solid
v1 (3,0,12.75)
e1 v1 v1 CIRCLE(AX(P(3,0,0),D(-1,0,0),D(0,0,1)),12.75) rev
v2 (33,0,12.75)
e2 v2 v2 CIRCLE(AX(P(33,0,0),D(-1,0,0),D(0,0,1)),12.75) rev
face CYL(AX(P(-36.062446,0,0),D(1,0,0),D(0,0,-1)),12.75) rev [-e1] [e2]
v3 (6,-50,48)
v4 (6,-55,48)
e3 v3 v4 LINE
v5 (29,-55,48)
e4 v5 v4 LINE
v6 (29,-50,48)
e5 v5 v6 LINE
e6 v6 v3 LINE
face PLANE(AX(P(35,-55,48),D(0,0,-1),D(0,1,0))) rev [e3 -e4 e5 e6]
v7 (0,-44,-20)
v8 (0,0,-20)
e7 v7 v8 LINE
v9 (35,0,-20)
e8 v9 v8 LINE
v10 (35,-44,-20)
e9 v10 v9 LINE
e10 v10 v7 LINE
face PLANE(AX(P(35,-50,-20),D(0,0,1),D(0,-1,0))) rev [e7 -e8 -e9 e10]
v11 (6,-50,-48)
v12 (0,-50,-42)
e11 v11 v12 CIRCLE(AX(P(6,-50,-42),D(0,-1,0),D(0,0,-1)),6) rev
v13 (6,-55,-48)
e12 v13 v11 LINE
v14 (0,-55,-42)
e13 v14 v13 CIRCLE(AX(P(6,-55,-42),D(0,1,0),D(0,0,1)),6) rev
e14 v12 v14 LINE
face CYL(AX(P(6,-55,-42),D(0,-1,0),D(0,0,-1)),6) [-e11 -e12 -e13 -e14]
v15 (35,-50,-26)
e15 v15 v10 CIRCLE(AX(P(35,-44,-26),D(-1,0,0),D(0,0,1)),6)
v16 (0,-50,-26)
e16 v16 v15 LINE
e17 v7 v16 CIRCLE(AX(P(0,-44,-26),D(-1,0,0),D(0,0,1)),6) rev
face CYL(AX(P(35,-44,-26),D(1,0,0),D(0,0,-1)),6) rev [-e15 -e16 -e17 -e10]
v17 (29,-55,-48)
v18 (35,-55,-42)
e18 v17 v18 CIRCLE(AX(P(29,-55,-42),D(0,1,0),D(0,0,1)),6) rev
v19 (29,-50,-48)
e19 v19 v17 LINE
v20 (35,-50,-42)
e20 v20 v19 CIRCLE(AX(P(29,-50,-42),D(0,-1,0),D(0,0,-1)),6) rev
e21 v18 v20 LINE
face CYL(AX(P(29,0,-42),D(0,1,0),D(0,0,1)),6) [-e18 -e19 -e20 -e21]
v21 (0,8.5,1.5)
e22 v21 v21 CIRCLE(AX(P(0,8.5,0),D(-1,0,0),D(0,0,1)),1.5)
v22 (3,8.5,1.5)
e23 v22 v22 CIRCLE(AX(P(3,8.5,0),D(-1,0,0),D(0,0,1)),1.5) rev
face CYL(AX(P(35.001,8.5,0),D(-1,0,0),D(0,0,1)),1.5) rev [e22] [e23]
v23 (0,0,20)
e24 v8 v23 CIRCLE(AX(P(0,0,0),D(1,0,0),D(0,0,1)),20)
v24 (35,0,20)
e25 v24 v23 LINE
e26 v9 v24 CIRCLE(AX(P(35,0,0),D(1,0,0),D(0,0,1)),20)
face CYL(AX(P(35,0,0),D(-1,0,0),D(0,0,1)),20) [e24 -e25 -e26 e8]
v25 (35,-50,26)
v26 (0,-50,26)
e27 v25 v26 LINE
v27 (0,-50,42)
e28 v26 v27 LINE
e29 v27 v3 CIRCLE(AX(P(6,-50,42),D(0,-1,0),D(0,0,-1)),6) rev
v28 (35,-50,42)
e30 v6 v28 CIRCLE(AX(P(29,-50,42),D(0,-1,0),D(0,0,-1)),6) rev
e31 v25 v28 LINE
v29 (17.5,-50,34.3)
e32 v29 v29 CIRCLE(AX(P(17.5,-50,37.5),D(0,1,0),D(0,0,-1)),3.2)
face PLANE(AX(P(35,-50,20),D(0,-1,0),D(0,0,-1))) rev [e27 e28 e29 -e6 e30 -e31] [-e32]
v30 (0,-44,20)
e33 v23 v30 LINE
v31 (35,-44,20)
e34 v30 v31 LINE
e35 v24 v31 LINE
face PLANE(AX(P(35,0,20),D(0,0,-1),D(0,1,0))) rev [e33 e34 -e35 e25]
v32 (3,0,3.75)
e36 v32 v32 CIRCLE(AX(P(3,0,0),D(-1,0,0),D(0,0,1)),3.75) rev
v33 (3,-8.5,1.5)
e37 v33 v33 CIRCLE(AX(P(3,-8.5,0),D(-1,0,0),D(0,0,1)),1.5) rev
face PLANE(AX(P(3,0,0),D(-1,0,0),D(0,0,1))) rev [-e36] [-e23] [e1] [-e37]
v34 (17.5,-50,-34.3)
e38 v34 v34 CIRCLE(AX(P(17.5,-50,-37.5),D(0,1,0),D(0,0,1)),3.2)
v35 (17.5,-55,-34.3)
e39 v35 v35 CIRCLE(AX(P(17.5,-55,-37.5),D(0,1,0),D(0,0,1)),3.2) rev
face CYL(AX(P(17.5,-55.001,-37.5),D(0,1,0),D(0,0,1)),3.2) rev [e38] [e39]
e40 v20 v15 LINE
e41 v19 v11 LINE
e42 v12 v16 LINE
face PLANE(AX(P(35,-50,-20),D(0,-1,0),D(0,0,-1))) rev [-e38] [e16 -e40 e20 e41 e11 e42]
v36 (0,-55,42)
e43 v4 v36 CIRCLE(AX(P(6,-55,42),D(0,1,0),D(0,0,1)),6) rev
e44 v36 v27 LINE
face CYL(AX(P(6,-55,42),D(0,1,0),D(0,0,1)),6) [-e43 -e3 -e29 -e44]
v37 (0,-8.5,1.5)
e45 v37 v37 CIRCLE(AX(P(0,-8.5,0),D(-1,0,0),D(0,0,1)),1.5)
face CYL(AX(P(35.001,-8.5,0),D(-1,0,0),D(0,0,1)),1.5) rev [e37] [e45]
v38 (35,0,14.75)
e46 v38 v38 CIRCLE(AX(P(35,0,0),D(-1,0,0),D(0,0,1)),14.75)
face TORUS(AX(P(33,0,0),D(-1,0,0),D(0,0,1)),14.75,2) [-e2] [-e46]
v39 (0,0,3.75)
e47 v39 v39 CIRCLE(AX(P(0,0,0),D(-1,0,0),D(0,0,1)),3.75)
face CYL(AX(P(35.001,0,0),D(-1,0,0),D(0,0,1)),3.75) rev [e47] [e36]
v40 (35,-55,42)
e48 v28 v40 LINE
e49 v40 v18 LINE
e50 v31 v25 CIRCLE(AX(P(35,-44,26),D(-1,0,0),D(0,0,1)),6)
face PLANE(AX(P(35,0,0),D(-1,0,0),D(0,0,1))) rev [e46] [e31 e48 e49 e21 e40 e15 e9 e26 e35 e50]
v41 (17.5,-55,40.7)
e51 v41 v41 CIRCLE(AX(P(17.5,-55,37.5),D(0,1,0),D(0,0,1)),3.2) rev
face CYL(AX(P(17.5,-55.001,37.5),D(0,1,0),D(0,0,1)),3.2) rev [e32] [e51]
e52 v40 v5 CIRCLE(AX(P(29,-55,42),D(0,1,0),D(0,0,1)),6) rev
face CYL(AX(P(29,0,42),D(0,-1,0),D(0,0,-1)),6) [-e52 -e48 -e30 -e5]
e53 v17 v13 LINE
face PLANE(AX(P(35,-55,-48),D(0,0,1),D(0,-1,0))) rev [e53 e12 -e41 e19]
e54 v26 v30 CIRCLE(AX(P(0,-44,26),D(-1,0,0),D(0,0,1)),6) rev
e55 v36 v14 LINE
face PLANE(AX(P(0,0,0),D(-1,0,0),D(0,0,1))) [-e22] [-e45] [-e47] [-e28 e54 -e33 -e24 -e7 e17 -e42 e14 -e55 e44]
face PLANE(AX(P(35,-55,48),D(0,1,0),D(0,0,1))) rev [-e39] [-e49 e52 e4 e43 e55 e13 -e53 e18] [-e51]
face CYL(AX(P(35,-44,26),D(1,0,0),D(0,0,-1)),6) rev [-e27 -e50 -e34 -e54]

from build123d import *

# Parameters (mm, degrees)
BOSS_EXTRUDE1_DEPTH = 35
SKETCH2_R           = 12.75
CUT_EXTRUDE1_DEPTH  = 32
CUT_EXTRUDE2_REACH  = 37
SKETCH3_R           = 1.5
SKETCH3_R_2         = 3.75
CUT_EXTRUDE3_REACH  = 7
SKETCH4_R           = 3.2
FILLET1_R           = 2
FILLET3_R           = 6
FILLET4_R           = 6


with BuildPart() as part:
    # Sketch1 → Boss-Extrude1 (new body)
    with BuildSketch(Plane(origin=(0, 0, 0), x_dir=(0, 0, -1), z_dir=(1, 0, 0))):
        with BuildLine():
            Line((-48, -55), (-48, -50))
            Line((-48, -50), (-20, -50))
            Line((-20, -50), (-20, 0))
            ThreePointArc((-20, 0), (0, 20), (20, 0))
            Line((20, 0), (20, -50))
            Line((20, -50), (48, -50))
            Line((48, -50), (48, -55))
            Line((48, -55), (-48, -55))
        make_face()
    extrude(amount=BOSS_EXTRUDE1_DEPTH)

    # Sketch2 → Cut-Extrude1 (cut)
    with BuildSketch(Plane(origin=(35, 0, 0), x_dir=(0, 0, -1), z_dir=(1, 0, 0))):
        Circle(SKETCH2_R)
    extrude(amount=-CUT_EXTRUDE1_DEPTH, mode=Mode.SUBTRACT)

    # Sketch3 → Cut-Extrude2 (cut, up to next)
    with BuildSketch(Plane.ZY, mode=Mode.PRIVATE) as cut_extrude2_sk1:
        with Locations((0, 8.5)):
            Circle(SKETCH3_R)
    cut_extrude2_tool1 = extrude(cut_extrude2_sk1.sketch, amount=-CUT_EXTRUDE2_REACH, mode=Mode.PRIVATE) & part.part
    add(cut_extrude2_tool1.solids().sort_by_distance((0, 8.5, 0))[0], mode=Mode.SUBTRACT)
    # Sketch3 → Cut-Extrude2 (cut, up to next)
    with BuildSketch(Plane.ZY, mode=Mode.PRIVATE) as cut_extrude2_sk2:
        with Locations((0, -8.5)):
            Circle(SKETCH3_R)
    cut_extrude2_tool2 = extrude(cut_extrude2_sk2.sketch, amount=-CUT_EXTRUDE2_REACH, mode=Mode.PRIVATE) & part.part
    add(cut_extrude2_tool2.solids().sort_by_distance((0, -8.5, 0))[0], mode=Mode.SUBTRACT)
    # Sketch3 → Cut-Extrude2 (cut, up to next)
    with BuildSketch(Plane.ZY, mode=Mode.PRIVATE) as cut_extrude2_sk3:
        Circle(SKETCH3_R_2)
    cut_extrude2_tool3 = extrude(cut_extrude2_sk3.sketch, amount=-CUT_EXTRUDE2_REACH, mode=Mode.PRIVATE) & part.part
    add(cut_extrude2_tool3.solids().sort_by_distance((0, 0, 0))[0], mode=Mode.SUBTRACT)

    # Sketch4 → Cut-Extrude3 (cut, up to next)
    with BuildSketch(Plane(origin=(0, -50, 0), x_dir=(1, 0, 0), z_dir=(0, 1, 0)), mode=Mode.PRIVATE) as cut_extrude3_sk1:
        with Locations((17.5, 37.5)):
            Circle(SKETCH4_R)
    cut_extrude3_tool1 = extrude(cut_extrude3_sk1.sketch, amount=-CUT_EXTRUDE3_REACH, mode=Mode.PRIVATE) & part.part
    add(cut_extrude3_tool1.solids().sort_by_distance((17.5, -50, -37.5))[0], mode=Mode.SUBTRACT)
    # Sketch4 → Cut-Extrude3 (cut, up to next)
    with BuildSketch(Plane(origin=(0, -50, 0), x_dir=(1, 0, 0), z_dir=(0, 1, 0)), mode=Mode.PRIVATE) as cut_extrude3_sk2:
        with Locations((17.5, -37.5)):
            Circle(SKETCH4_R)
    cut_extrude3_tool2 = extrude(cut_extrude3_sk2.sketch, amount=-CUT_EXTRUDE3_REACH, mode=Mode.PRIVATE) & part.part
    add(cut_extrude3_tool2.solids().sort_by_distance((17.5, -50, 37.5))[0], mode=Mode.SUBTRACT)

    # Fillet1
    fillet1_edges = [part.edges().sort_by_distance(p)[0] for p in [
        (35, 0, 12.75),
    ]]
    fillet(fillet1_edges, radius=FILLET1_R)

    # Fillet3
    fillet3_edges = [part.edges().sort_by_distance(p)[0] for p in [
        (17.5, -50, 20),
        (17.5, -50, -20),
    ]]
    fillet(fillet3_edges, radius=FILLET3_R)

    # Fillet4
    fillet4_edges = [part.edges().sort_by_distance(p)[0] for p in [
        (0, -52.5, -48),
        (35, -52.5, 48),
        (0, -52.5, 48),
        (35, -52.5, -48),
    ]]
    fillet(fillet4_edges, radius=FILLET4_R)


solid = part.part
